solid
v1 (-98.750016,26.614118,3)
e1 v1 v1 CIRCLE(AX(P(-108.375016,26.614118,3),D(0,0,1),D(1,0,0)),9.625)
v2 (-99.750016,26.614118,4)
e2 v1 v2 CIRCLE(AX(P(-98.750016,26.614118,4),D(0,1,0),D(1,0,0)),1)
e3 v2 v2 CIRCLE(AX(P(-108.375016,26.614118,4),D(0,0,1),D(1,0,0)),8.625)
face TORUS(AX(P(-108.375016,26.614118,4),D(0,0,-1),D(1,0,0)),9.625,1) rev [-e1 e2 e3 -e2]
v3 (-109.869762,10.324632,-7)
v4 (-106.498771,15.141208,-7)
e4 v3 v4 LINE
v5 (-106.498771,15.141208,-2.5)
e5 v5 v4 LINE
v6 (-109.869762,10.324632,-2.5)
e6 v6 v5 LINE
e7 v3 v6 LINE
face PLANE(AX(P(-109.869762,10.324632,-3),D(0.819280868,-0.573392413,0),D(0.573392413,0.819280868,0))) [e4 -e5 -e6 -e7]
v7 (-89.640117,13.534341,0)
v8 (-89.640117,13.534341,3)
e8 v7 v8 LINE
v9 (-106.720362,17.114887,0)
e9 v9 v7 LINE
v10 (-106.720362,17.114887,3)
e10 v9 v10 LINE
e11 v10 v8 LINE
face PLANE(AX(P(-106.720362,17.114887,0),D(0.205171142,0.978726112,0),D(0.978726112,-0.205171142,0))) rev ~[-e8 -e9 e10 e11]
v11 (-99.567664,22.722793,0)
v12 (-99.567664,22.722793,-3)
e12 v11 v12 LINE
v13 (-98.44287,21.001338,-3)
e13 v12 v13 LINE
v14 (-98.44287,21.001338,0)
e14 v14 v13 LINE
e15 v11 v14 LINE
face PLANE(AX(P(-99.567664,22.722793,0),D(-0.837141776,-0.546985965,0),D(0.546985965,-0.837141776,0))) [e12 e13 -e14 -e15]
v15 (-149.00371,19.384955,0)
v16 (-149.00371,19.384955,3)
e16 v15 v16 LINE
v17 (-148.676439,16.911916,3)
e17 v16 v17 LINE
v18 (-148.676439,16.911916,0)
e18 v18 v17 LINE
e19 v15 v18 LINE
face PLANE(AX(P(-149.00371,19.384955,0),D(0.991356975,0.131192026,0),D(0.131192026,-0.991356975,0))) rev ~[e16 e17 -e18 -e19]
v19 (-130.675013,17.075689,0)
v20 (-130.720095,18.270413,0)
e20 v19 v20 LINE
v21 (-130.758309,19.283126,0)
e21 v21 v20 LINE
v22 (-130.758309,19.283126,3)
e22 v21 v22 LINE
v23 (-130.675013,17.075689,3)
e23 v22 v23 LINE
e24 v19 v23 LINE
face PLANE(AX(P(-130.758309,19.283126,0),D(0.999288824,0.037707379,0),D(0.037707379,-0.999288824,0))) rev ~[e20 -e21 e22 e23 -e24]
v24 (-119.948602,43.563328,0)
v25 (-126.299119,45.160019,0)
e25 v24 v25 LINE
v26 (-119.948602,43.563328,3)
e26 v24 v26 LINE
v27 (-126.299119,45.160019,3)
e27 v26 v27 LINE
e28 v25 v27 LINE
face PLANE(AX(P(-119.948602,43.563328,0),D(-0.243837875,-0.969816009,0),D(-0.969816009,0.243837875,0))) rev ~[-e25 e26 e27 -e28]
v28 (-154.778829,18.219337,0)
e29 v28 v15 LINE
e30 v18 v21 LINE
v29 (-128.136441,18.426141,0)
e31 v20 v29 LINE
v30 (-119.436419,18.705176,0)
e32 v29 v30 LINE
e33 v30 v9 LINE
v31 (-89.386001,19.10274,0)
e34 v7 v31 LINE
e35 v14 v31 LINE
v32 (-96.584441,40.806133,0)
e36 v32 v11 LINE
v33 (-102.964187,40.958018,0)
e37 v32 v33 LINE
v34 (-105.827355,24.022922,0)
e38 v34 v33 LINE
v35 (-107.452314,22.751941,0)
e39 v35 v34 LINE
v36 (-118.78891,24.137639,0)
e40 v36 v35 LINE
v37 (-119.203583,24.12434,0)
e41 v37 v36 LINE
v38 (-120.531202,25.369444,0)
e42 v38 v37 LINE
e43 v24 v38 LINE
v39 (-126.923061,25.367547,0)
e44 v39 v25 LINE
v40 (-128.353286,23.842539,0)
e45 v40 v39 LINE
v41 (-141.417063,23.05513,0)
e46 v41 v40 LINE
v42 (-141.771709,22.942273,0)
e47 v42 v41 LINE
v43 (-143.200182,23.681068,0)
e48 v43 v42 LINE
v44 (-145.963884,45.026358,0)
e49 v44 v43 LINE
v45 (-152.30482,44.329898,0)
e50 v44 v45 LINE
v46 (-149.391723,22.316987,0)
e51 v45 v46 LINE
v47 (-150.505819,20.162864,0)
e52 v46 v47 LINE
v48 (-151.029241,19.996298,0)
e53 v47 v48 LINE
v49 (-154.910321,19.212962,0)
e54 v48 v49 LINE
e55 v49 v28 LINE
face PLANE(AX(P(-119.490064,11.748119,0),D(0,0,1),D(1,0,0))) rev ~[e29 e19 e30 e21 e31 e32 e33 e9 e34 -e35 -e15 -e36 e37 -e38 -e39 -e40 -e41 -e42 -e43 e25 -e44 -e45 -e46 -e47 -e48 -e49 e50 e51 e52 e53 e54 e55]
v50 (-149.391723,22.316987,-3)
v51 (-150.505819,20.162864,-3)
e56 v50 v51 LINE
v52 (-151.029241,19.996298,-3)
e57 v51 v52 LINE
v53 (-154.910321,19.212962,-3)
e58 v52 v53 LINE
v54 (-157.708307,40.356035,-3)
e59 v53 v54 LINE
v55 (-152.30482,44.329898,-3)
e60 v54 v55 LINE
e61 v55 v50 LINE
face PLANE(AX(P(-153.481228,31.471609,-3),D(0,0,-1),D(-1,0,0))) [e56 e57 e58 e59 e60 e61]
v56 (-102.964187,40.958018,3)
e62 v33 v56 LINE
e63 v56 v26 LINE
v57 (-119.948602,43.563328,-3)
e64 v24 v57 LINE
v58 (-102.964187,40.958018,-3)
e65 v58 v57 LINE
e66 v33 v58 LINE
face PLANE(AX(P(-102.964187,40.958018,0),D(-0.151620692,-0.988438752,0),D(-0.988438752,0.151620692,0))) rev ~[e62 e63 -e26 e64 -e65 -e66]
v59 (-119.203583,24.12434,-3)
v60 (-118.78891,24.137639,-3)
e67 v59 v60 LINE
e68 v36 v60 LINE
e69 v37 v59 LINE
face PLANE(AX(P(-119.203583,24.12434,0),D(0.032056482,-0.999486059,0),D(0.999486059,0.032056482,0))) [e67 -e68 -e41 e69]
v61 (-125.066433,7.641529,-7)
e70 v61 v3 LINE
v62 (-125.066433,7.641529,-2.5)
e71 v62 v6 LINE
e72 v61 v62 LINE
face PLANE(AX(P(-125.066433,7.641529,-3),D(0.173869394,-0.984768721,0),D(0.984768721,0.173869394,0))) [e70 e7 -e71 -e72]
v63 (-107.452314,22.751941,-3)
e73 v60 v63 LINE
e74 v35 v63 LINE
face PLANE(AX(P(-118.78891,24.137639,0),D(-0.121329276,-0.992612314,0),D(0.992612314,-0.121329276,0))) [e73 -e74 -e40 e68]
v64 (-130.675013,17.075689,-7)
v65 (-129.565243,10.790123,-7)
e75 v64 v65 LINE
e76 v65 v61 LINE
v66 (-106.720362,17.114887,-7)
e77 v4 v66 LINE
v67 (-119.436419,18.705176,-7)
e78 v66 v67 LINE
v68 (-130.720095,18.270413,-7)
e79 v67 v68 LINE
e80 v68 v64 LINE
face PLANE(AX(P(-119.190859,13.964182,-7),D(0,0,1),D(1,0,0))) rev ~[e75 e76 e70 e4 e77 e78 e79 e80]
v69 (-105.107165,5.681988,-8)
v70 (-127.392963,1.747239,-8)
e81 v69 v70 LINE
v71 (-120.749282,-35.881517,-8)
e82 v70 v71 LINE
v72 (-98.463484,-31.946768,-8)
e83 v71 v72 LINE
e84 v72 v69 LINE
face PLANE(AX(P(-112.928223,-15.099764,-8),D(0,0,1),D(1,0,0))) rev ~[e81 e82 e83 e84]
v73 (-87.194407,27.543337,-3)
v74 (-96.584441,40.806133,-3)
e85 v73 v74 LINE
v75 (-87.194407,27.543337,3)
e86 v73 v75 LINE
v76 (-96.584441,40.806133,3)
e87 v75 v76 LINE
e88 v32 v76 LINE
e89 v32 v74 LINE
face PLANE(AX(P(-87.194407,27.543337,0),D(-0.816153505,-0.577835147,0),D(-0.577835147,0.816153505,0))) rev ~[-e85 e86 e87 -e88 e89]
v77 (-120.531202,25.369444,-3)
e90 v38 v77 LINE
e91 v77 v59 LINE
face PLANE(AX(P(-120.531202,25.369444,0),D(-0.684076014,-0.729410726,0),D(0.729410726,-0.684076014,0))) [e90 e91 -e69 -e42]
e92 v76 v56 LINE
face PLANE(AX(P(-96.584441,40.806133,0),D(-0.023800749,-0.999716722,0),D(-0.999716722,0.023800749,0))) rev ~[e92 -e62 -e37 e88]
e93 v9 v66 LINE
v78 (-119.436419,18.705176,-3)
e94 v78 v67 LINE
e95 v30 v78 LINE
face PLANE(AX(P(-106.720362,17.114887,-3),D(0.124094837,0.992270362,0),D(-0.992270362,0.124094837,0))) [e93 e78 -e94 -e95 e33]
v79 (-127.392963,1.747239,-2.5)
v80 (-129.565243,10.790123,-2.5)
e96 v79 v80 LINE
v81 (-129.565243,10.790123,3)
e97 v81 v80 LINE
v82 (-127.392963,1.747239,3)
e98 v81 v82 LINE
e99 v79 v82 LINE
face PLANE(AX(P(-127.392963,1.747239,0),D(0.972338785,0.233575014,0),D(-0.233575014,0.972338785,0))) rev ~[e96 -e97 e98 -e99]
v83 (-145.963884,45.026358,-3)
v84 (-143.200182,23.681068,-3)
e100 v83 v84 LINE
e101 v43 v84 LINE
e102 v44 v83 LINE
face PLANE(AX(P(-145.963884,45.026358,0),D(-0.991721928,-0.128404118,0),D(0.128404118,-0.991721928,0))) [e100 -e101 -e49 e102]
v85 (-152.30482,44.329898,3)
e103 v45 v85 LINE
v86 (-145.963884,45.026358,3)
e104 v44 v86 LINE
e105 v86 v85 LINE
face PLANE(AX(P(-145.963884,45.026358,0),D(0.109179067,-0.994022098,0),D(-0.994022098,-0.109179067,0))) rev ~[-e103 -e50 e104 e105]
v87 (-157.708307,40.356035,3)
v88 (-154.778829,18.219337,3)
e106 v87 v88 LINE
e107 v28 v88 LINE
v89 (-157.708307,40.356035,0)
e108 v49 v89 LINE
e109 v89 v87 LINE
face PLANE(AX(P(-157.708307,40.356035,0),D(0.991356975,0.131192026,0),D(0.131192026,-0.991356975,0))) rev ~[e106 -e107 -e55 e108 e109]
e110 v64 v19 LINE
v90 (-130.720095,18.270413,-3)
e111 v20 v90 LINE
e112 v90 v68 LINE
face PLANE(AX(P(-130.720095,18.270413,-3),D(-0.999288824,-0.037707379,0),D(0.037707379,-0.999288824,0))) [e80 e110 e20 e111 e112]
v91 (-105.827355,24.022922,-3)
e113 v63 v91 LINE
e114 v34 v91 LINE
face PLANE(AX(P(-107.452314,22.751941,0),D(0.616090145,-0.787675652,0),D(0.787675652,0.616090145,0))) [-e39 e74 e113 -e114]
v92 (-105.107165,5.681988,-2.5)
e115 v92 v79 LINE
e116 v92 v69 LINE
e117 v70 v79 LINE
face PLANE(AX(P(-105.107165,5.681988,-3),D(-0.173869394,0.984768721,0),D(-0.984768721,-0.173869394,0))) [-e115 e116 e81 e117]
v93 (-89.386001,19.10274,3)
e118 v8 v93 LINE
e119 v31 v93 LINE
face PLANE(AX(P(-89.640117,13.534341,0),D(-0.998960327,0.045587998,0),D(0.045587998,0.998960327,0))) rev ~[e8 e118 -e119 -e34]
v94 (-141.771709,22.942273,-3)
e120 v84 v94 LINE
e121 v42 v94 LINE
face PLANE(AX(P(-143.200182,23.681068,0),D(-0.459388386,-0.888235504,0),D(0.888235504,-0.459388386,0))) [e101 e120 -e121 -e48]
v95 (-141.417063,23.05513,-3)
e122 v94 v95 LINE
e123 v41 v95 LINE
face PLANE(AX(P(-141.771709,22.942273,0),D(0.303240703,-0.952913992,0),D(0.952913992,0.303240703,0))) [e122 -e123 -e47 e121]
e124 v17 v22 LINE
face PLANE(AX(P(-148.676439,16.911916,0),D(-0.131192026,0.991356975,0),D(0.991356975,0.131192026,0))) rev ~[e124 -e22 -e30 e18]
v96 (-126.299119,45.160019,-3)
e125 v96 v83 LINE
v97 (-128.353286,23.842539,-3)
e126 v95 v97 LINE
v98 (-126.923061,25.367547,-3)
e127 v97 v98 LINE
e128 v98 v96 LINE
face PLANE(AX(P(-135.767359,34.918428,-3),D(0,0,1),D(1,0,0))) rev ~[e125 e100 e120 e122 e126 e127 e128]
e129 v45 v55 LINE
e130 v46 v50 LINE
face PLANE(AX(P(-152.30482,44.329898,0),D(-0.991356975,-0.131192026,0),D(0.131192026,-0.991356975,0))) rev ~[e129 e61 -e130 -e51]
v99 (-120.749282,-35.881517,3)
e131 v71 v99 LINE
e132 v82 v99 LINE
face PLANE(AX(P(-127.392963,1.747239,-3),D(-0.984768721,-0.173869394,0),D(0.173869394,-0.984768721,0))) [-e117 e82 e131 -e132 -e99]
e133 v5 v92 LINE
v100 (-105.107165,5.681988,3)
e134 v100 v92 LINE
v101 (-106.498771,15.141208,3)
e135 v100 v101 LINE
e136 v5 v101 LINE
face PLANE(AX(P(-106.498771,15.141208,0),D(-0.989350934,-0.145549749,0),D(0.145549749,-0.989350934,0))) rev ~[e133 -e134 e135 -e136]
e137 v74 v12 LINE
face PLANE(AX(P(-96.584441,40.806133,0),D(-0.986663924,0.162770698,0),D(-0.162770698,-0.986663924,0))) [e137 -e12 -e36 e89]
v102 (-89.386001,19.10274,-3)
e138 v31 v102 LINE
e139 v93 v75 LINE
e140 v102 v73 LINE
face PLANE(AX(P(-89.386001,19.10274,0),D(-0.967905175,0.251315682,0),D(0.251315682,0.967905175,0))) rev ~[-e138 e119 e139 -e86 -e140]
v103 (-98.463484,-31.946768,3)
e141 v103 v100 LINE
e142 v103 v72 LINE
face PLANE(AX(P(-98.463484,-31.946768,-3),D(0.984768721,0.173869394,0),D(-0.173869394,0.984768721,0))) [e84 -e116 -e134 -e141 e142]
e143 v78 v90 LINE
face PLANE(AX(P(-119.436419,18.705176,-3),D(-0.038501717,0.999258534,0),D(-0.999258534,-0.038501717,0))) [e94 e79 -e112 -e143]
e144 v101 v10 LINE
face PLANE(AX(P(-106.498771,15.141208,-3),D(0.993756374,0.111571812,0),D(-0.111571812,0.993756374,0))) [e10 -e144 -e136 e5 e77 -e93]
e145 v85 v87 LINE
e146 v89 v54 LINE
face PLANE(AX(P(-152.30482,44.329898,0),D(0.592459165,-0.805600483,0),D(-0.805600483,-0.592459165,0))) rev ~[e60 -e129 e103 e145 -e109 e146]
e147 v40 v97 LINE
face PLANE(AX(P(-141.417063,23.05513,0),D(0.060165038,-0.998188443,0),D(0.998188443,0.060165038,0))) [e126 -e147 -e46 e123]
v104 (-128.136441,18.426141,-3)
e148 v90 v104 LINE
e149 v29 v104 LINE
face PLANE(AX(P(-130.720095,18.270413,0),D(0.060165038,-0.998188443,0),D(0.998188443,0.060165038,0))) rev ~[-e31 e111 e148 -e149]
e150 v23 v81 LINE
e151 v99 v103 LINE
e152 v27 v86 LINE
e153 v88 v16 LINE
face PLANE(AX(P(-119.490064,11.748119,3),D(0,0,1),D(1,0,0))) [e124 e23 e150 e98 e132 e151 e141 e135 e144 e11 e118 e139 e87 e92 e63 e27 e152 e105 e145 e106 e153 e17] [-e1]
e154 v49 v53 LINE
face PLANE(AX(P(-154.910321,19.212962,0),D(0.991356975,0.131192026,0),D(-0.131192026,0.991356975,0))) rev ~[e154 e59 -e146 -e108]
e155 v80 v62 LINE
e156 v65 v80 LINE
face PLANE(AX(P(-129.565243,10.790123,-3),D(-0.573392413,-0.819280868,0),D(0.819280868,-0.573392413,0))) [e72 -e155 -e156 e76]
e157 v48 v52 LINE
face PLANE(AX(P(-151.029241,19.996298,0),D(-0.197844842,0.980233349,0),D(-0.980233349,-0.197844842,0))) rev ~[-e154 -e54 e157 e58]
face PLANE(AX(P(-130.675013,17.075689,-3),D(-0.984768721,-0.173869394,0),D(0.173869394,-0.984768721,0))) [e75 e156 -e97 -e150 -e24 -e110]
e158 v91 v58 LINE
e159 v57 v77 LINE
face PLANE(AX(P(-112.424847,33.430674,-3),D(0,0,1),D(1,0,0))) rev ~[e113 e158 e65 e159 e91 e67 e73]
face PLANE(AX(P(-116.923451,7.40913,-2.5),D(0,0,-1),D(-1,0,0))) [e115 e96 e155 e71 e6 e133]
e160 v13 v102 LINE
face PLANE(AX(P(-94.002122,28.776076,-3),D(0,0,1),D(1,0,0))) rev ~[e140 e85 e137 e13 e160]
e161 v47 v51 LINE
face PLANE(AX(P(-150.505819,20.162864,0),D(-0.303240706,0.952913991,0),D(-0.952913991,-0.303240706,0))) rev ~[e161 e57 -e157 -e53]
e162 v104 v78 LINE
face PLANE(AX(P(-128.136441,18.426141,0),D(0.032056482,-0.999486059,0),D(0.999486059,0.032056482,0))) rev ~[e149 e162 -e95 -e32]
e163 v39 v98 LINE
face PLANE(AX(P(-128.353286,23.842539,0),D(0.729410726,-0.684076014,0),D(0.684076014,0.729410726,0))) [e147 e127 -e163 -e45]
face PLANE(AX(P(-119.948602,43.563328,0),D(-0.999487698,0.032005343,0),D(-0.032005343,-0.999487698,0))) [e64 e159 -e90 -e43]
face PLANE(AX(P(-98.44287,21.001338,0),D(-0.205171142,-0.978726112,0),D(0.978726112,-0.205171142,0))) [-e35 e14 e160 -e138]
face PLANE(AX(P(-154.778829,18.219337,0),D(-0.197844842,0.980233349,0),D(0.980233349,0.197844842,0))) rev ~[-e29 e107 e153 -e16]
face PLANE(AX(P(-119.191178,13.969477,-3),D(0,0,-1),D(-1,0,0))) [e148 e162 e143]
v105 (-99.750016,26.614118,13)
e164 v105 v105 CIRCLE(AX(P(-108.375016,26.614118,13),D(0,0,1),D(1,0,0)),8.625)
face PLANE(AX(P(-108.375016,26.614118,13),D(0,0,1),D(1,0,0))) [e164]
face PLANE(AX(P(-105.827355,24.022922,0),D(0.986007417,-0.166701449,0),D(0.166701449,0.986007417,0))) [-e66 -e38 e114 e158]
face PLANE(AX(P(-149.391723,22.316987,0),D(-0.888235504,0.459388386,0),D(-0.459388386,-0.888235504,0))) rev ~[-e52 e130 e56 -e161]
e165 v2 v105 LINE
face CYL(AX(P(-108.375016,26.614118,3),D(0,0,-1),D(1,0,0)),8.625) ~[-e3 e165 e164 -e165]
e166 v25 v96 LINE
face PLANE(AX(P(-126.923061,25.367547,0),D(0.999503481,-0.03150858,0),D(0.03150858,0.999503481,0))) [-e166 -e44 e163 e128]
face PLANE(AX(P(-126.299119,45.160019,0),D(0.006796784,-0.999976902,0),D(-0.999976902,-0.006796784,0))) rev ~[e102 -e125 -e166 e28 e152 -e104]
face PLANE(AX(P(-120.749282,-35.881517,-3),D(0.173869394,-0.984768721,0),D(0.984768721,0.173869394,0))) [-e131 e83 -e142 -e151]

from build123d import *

# Parameters (mm, degrees)
BOSS_EXTRUDE1_DEPTH   = 3
BOSS_EXTRUDE1_2_DEPTH = 3
BOSS_EXTRUDE1_3_DEPTH = 3
BOSS_EXTRUDE1_4_DEPTH = 3
BOSS_EXTRUDE1_5_DEPTH = 3
BOSS_EXTRUDE1_6_DEPTH = 3
BOSS_EXTRUDE2_DEPTH   = 3
BOSS_EXTRUDE3_DEPTH   = 4
BOSS_EXTRUDE4_DEPTH   = 5
BOSS_EXTRUDE5_DEPTH   = 2.5
SKETCH7_R             = 8.625
BOSS_EXTRUDE6_DEPTH   = 10
FILLET1_R             = 1


with BuildPart() as part:
    # Sketch1 → Boss-Extrude1 (new body)
    with BuildSketch(Plane.XY):
        Polygon((-157.708306786, 40.356035083), (-152.304819575, 44.329897546), (-149.391723249, 22.316986717), (-150.505818609, 20.162863795), (-151.029240558, 19.996298037), (-154.910321184, 19.21296233), align=None)
    extrude(amount=-BOSS_EXTRUDE1_DEPTH)



with BuildPart() as body_2:
    # Sketch1 → Boss-Extrude1 2 (new body)
    with BuildSketch(Plane.XY):
        Polygon((-143.200182369, 23.681067988), (-141.771708727, 22.942272705), (-141.417062609, 23.055129835), (-128.353286026, 23.842538892), (-126.923061182, 25.367546815), (-126.299118711, 45.160018639), (-145.963883673, 45.026358385), align=None)
    extrude(amount=-BOSS_EXTRUDE1_2_DEPTH)


with BuildPart() as body_3:
    # Sketch1 → Boss-Extrude1 3 (new body)
    with BuildSketch(Plane.XY):
        Polygon((-107.452313856, 22.751941247), (-105.8273555, 24.022922299), (-102.964187331, 40.958018331), (-119.948602388, 43.563327727), (-120.531202342, 25.369443818), (-119.203583194, 24.12433954), (-118.788909935, 24.137639341), align=None)
    extrude(amount=-BOSS_EXTRUDE1_3_DEPTH)


with BuildPart() as body_4:
    # Sketch1 → Boss-Extrude1 4 (new body)
    with BuildSketch(Plane.XY):
        Polygon((-99.567663538, 22.722793004), (-98.442870148, 21.001338348), (-89.386000699, 19.102739522), (-87.194407263, 27.543337474), (-96.584441251, 40.806132568), align=None)
    extrude(amount=-BOSS_EXTRUDE1_4_DEPTH)


with BuildPart() as body_5:
    # Sketch1 → Boss-Extrude1 5 (new body)
    with BuildSketch(Plane.XY):
        Polygon((-129.565242632, 10.790123413), (-130.675013398, 17.075689336), (-130.720095352, 18.270412872), (-128.136441147, 18.426140636), (-119.436419139, 18.705176142), (-106.720361509, 17.114886687), (-106.498771051, 15.1412078), (-109.869761523, 10.324632035), (-125.066433071, 7.64152887), align=None)
    extrude(amount=-BOSS_EXTRUDE1_5_DEPTH)


with BuildPart() as body_6:
    # Sketch1 → Boss-Extrude1 6 (new body)
    with BuildSketch(Plane.XY):
        Polygon((-105.107164744, 5.681988451), (-98.463483991, -31.946767529), (-120.749282124, -35.881517012), (-127.392962877, 1.747238969), align=None)
    extrude(amount=-BOSS_EXTRUDE1_6_DEPTH)


with BuildPart() as part_1:
    add(part.part)

    add(body_2.part)  # Boss-Extrude2 merges body 2

    add(body_3.part)  # Boss-Extrude2 merges body 3

    add(body_4.part)  # Boss-Extrude2 merges body 4

    add(body_5.part)  # Boss-Extrude2 merges body 5

    add(body_6.part)  # Boss-Extrude2 merges body 6
    # Sketch2 → Boss-Extrude2 (add)
    with BuildSketch(Plane.XY):
        Polygon((-154.778828939, 18.219336743), (-149.003710401, 19.384954517), (-148.676438789, 16.911915522), (-130.758309274, 19.283125657), (-130.675013398, 17.075689336), (-129.565242632, 10.790123413), (-127.392962877, 1.747238969), (-120.749282124, -35.881517012), (-98.463483991, -31.946767529), (-105.107164744, 5.681988451), (-106.498771051, 15.1412078), (-106.720361509, 17.114886687), (-89.640117023, 13.5343413), (-89.386000699, 19.102739522), (-87.194407263, 27.543337474), (-96.584441251, 40.806132568), (-102.964187331, 40.958018331), (-119.948602388, 43.563327727), (-126.299118711, 45.160018639), (-145.963883673, 45.026358385), (-152.304819575, 44.329897546), (-157.708306786, 40.356035083), align=None)
    extrude(amount=BOSS_EXTRUDE2_DEPTH)

    # Sketch3 → Boss-Extrude3 (add)
    with BuildSketch(Plane(origin=(0, 0, -3), x_dir=(-1, 0, 0), z_dir=(0, 0, -1))):
        Polygon((119.436419139, 18.705176142), (130.720095352, 18.270412872), (130.675013398, 17.075689336), (129.565242632, 10.790123413), (125.066433071, 7.64152887), (109.869761523, 10.324632035), (106.498771051, 15.1412078), (106.720361509, 17.114886687), align=None)
    extrude(amount=BOSS_EXTRUDE3_DEPTH)

    # Sketch4 → Boss-Extrude4 (add)
    with BuildSketch(Plane(origin=(0, 0, -3), x_dir=(-1, 0, 0), z_dir=(0, 0, -1))):
        Polygon((105.107164744, 5.681988451), (127.392962877, 1.747238969), (120.749282124, -35.881517012), (98.463483991, -31.946767529), align=None)
    extrude(amount=BOSS_EXTRUDE4_DEPTH)

    # Sketch5 → Boss-Extrude5 (add)
    with BuildSketch(Plane(origin=(0, 0, 0), x_dir=(-1, 0, 0), z_dir=(0, 0, -1))):
        Polygon((106.498771051, 15.1412078), (105.107164744, 5.681988451), (127.392962877, 1.747238969), (129.565242632, 10.790123413), (125.066433071, 7.64152887), (109.869761523, 10.324632035), align=None)
    extrude(amount=BOSS_EXTRUDE5_DEPTH)

    # Sketch7 → Boss-Extrude6 (add)
    with BuildSketch(Plane.XY.offset(3)):
        with Locations((-108.375015851, 26.614118497)):
            Circle(SKETCH7_R)
    extrude(amount=BOSS_EXTRUDE6_DEPTH)

    # Fillet1
    fillet1_edges = [part_1.edges().sort_by_distance(p)[0] for p in [
        (-117.000015851, 26.614118497, 3),
    ]]
    fillet(fillet1_edges, radius=FILLET1_R)


solid = part_1.part
